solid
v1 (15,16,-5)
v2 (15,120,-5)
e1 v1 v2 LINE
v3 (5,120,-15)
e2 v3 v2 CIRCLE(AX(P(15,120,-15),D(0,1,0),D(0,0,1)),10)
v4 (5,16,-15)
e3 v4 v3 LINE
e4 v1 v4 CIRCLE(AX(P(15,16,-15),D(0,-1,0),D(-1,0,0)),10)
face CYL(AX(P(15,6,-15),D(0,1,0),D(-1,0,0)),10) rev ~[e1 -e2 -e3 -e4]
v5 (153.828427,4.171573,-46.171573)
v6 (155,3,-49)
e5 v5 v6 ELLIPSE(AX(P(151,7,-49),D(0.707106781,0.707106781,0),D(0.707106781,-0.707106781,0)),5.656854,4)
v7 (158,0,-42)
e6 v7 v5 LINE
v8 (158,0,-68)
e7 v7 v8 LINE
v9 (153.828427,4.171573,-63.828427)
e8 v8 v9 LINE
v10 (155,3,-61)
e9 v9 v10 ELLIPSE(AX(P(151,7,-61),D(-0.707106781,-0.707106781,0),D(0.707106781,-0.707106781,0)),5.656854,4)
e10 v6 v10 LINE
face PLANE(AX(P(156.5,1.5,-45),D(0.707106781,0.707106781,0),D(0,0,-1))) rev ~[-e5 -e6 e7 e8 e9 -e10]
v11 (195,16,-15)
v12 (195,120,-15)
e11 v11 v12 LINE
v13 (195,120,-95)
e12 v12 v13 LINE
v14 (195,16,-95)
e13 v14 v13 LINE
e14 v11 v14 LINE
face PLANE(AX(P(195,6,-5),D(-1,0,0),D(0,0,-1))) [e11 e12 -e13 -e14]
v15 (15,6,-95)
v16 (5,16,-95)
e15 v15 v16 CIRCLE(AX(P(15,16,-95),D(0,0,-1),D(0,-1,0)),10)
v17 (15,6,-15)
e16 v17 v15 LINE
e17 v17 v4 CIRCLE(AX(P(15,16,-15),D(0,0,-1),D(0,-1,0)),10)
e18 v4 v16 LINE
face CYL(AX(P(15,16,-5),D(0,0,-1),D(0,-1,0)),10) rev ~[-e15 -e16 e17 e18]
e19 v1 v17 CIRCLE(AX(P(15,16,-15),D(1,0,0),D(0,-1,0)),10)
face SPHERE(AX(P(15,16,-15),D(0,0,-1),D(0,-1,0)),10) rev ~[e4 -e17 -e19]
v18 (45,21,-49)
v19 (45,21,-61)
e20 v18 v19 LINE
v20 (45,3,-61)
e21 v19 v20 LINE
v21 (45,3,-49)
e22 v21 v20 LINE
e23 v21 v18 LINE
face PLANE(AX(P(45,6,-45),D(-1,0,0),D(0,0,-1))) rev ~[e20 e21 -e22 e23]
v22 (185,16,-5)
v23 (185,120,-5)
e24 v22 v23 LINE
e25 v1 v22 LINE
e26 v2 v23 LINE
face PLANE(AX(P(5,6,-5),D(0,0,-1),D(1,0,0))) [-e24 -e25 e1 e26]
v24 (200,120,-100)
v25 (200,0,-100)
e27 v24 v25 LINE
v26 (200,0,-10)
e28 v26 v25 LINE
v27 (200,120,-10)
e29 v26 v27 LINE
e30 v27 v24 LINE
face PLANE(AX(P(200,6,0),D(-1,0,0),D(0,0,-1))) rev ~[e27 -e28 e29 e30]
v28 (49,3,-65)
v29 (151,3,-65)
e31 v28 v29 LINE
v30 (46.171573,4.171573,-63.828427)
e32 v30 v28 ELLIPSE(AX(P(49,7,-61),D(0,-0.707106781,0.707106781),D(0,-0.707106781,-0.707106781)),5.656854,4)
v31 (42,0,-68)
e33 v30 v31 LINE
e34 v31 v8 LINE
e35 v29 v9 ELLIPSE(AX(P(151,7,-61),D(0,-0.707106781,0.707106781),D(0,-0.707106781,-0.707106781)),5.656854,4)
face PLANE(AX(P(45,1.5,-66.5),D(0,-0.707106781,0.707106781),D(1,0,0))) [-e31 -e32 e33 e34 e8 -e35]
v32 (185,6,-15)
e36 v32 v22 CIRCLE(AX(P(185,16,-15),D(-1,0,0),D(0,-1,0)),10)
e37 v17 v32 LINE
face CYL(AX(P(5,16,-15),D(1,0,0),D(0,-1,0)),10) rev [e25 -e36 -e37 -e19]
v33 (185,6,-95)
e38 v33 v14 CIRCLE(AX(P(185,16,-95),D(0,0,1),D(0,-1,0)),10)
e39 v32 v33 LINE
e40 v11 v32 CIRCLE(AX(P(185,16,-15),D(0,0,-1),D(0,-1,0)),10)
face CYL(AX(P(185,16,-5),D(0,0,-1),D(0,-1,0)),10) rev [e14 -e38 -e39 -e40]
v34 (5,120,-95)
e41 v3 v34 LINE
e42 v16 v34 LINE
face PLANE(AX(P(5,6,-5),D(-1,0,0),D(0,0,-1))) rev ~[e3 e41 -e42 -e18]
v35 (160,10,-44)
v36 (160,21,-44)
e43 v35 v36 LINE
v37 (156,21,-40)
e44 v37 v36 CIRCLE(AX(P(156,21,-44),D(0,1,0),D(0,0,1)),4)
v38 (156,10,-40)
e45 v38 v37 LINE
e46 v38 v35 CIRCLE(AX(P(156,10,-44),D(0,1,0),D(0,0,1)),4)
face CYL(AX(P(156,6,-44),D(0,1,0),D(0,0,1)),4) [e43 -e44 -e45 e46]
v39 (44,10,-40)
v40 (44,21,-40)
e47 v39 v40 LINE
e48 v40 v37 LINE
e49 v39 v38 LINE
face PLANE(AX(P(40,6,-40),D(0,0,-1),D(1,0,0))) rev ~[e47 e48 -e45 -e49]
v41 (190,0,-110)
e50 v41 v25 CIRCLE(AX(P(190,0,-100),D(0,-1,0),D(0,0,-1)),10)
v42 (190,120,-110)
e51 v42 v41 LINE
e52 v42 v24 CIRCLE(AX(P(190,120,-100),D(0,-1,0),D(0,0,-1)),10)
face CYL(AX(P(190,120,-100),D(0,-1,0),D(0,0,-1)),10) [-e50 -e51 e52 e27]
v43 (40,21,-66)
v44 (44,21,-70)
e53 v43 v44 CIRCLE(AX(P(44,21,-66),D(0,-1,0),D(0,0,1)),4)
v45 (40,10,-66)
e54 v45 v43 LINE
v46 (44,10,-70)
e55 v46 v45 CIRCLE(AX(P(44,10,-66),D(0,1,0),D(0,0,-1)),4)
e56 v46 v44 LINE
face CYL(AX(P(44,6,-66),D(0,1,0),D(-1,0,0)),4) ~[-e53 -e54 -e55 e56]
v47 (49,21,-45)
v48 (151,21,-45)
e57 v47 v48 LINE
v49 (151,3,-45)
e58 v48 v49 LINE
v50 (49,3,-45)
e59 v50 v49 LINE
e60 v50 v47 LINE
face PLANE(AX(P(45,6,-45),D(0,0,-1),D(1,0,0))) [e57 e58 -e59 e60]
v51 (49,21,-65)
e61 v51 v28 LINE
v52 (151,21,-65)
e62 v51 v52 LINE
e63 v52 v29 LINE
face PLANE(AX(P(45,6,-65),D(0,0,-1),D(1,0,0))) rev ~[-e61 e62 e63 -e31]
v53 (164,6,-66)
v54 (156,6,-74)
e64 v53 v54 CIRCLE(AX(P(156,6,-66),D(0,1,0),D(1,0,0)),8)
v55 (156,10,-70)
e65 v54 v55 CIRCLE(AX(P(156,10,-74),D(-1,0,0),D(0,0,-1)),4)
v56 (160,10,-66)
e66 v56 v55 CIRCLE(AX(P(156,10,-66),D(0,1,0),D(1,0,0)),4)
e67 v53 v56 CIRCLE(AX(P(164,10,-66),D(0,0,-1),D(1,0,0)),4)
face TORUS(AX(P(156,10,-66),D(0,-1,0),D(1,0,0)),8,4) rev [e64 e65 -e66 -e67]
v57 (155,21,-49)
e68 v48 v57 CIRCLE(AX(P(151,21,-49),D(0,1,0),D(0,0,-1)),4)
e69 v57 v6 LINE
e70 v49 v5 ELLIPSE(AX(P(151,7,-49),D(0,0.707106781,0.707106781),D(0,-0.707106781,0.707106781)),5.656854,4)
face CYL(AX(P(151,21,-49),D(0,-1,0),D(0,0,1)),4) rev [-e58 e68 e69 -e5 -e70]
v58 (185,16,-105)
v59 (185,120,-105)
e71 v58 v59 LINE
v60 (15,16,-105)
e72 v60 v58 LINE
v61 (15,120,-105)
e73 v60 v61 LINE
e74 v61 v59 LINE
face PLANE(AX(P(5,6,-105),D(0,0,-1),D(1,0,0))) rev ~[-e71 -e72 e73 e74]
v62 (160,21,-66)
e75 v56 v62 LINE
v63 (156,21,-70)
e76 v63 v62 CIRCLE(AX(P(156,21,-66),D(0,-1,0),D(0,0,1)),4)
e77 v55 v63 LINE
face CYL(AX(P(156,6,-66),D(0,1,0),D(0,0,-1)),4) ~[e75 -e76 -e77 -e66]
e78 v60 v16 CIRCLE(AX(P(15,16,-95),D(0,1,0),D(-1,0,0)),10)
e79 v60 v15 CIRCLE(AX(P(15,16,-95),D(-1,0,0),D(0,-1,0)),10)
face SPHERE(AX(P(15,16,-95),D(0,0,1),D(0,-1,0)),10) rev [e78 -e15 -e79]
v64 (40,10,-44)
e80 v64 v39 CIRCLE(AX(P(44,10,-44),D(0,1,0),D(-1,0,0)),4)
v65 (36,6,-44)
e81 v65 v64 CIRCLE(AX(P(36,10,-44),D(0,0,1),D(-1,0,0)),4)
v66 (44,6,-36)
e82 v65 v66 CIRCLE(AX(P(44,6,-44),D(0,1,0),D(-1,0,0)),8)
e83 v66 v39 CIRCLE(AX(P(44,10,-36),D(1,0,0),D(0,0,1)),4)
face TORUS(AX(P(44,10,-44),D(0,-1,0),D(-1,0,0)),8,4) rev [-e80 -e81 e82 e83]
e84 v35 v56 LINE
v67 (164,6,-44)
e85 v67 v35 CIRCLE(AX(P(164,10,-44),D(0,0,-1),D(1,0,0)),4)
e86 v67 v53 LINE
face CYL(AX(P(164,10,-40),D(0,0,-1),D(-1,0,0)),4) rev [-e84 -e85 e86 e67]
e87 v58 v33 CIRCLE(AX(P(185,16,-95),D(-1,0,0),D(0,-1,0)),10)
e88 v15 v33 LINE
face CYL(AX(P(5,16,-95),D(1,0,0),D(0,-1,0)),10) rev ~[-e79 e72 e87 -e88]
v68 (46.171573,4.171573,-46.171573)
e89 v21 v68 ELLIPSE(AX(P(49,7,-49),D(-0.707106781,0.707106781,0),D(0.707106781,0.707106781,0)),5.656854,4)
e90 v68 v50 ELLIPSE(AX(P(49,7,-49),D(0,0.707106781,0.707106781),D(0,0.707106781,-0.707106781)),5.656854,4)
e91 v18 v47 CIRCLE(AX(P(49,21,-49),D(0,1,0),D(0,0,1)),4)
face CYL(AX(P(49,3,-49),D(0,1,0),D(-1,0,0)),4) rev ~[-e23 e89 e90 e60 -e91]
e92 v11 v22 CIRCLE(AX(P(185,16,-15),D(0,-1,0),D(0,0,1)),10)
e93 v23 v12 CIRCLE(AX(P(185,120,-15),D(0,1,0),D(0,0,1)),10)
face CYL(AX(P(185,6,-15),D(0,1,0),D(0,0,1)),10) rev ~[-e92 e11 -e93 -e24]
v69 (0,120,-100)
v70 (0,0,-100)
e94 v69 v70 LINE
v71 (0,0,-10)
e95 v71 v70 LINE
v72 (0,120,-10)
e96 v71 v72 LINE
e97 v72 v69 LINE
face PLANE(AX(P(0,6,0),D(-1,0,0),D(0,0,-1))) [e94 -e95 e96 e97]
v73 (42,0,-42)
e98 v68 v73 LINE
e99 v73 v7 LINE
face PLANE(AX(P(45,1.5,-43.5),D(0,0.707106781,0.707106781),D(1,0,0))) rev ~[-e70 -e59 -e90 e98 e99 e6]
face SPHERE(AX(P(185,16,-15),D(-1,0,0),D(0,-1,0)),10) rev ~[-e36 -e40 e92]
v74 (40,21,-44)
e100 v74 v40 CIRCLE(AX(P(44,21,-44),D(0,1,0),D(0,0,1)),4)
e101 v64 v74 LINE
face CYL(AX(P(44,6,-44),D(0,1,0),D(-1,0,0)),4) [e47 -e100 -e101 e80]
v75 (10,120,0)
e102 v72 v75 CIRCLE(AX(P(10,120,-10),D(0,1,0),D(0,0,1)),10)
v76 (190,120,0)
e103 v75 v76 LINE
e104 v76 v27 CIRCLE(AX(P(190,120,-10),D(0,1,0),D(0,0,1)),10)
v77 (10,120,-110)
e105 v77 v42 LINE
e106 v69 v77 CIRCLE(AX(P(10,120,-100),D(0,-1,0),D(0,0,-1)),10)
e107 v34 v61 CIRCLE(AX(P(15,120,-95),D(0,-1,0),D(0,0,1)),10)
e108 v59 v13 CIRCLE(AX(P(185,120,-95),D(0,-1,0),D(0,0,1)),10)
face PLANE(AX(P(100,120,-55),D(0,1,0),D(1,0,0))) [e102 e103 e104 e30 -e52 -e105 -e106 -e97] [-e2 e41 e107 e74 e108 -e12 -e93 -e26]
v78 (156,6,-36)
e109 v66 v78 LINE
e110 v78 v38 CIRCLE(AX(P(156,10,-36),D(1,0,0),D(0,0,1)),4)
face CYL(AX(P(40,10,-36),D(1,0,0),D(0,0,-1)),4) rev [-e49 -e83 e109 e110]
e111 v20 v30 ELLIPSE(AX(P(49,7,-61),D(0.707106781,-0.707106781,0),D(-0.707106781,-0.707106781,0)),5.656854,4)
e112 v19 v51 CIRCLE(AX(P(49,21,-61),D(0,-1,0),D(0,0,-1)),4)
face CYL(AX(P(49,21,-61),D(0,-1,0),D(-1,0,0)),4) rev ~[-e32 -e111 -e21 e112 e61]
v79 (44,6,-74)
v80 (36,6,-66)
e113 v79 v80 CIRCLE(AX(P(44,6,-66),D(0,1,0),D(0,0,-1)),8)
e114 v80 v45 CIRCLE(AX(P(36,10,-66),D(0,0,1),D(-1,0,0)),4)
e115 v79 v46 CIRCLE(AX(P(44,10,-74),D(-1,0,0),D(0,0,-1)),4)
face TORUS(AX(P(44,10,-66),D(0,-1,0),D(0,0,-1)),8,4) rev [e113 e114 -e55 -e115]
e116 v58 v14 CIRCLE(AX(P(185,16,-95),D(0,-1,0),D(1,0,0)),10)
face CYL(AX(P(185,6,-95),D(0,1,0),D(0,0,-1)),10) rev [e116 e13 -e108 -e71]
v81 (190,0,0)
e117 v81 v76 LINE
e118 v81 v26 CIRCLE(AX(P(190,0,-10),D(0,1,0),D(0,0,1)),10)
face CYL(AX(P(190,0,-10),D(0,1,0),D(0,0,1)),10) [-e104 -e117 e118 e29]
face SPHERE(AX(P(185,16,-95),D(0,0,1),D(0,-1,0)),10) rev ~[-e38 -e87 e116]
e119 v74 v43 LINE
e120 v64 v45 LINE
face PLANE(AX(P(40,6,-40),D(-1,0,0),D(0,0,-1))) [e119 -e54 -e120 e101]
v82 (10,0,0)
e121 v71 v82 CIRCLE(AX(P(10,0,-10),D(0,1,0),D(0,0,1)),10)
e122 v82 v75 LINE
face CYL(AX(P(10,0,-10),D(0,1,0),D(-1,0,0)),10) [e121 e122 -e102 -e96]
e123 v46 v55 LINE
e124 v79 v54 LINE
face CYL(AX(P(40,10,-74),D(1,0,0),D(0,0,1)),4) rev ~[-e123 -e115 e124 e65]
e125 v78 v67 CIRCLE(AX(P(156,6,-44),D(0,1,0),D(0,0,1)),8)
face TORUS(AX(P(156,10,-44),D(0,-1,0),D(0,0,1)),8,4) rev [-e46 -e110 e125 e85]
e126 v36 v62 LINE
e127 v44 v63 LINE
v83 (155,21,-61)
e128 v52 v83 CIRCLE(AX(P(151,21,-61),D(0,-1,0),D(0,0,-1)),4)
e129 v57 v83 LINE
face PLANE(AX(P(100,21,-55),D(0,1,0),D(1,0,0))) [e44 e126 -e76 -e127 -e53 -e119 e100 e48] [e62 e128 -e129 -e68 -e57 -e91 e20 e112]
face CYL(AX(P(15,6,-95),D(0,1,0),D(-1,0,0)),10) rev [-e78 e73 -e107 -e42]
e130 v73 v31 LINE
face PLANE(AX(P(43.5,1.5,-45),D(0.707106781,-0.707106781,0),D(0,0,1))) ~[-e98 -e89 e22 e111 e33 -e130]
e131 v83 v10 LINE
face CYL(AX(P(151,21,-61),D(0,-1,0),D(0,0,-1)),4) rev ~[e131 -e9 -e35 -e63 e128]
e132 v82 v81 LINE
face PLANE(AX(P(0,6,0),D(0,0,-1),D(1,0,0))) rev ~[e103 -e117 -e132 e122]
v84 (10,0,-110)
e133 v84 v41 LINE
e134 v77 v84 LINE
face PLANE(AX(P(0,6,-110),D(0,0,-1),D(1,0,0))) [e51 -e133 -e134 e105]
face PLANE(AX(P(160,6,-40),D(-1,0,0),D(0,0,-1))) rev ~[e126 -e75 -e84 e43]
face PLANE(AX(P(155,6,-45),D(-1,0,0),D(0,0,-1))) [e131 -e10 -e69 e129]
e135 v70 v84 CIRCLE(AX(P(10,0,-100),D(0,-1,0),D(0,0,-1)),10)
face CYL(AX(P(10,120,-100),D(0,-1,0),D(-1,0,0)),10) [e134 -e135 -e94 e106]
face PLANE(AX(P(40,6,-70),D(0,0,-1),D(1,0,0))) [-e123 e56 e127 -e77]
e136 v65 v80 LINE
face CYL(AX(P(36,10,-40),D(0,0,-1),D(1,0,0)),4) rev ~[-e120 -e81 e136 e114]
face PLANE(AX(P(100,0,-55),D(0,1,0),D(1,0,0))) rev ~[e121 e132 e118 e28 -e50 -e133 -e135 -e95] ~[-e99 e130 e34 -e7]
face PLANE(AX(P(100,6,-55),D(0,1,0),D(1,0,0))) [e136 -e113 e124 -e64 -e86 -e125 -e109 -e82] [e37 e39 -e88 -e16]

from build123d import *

# Parameters (mm, degrees)
SKETCH1_W           = 200
SKETCH1_H           = 110
BOSS_EXTRUDE1_DEPTH = 6
SKETCH2_W           = 200
SKETCH2_H           = 110
SKETCH2_W_2         = 190
SKETCH2_H_2         = 100
BOSS_EXTRUDE2_DEPTH = 114
SKETCH3_W           = 110
SKETCH3_H           = 20
CUT_EXTRUDE1_DEPTH  = 256.139177705
SKETCH4_W           = 120
SKETCH4_H           = 30
SKETCH4_W_2         = 110
SKETCH4_H_2         = 20
BOSS_EXTRUDE3_DEPTH = 15
CHAMFER2_SIZE       = 3
FILLET1_R           = 10
FILLET2_R           = 4


with BuildPart() as part:
    # Sketch1 → Boss-Extrude1 (new body)
    with BuildSketch(Plane(origin=(0, 0, 0), x_dir=(1, 0, 0), z_dir=(0, 1, 0))):
        with Locations((100, 55)):
            Rectangle(SKETCH1_W, SKETCH1_H)
    extrude(amount=BOSS_EXTRUDE1_DEPTH)

    # Sketch2 → Boss-Extrude2 (add)
    with BuildSketch(Plane(origin=(0, 6, 0), x_dir=(1, 0, 0), z_dir=(0, 1, 0))):
        with Locations((100, 55)):
            Rectangle(SKETCH2_W, SKETCH2_H)
        with Locations((100, 55)):
            Rectangle(SKETCH2_W_2, SKETCH2_H_2, mode=Mode.SUBTRACT)
    extrude(amount=BOSS_EXTRUDE2_DEPTH)

    # Sketch3 → Cut-Extrude1 (cut, through all)
    with BuildSketch(Plane(origin=(0, 6, 0), x_dir=(1, 0, 0), z_dir=(0, 1, 0))):
        with Locations((100, 55)):
            Rectangle(SKETCH3_W, SKETCH3_H)
    extrude(amount=-CUT_EXTRUDE1_DEPTH, mode=Mode.SUBTRACT)

    # Sketch4 → Boss-Extrude3 (add)
    with BuildSketch(Plane(origin=(0, 6, 0), x_dir=(1, 0, 0), z_dir=(0, 1, 0))):
        with Locations((100, 55)):
            Rectangle(SKETCH4_W, SKETCH4_H)
        with Locations((100, 55)):
            Rectangle(SKETCH4_W_2, SKETCH4_H_2, mode=Mode.SUBTRACT)
    extrude(amount=BOSS_EXTRUDE3_DEPTH)

    # Chamfer2
    chamfer2_edges = [part.edges().sort_by_distance(p)[0] for p in [
        (45, 0, -55),
        (100, 0, -65),
        (155, 0, -55),
        (100, 0, -45),
    ]]
    chamfer(chamfer2_edges, length=CHAMFER2_SIZE)

    # Fillet1
    fillet1_edges = [part.edges().sort_by_distance(p)[0] for p in [
        (5, 6, -55),
        (100, 6, -5),
        (195, 6, -55),
        (100, 6, -105),
        (195, 63, -5),
        (195, 63, -105),
        (5, 63, -105),
        (5, 63, -5),
        (0, 60, -110),
        (200, 60, -110),
        (200, 60, 0),
        (0, 60, 0),
    ]]
    fillet(fillet1_edges, radius=FILLET1_R)

    # Fillet2
    fillet2_edges = [part.edges().sort_by_distance(p)[0] for p in [
        (100, 6, -70),
        (160, 13.5, -70),
        (40, 6, -55),
        (40, 13.5, -70),
        (100, 6, -40),
        (40, 13.5, -40),
        (160, 6, -55),
        (160, 13.5, -40),
        (155, 12, -45),
        (155, 12, -65),
        (45, 12, -65),
        (45, 12, -45),
    ]]
    fillet(fillet2_edges, radius=FILLET2_R)


solid = part.part
